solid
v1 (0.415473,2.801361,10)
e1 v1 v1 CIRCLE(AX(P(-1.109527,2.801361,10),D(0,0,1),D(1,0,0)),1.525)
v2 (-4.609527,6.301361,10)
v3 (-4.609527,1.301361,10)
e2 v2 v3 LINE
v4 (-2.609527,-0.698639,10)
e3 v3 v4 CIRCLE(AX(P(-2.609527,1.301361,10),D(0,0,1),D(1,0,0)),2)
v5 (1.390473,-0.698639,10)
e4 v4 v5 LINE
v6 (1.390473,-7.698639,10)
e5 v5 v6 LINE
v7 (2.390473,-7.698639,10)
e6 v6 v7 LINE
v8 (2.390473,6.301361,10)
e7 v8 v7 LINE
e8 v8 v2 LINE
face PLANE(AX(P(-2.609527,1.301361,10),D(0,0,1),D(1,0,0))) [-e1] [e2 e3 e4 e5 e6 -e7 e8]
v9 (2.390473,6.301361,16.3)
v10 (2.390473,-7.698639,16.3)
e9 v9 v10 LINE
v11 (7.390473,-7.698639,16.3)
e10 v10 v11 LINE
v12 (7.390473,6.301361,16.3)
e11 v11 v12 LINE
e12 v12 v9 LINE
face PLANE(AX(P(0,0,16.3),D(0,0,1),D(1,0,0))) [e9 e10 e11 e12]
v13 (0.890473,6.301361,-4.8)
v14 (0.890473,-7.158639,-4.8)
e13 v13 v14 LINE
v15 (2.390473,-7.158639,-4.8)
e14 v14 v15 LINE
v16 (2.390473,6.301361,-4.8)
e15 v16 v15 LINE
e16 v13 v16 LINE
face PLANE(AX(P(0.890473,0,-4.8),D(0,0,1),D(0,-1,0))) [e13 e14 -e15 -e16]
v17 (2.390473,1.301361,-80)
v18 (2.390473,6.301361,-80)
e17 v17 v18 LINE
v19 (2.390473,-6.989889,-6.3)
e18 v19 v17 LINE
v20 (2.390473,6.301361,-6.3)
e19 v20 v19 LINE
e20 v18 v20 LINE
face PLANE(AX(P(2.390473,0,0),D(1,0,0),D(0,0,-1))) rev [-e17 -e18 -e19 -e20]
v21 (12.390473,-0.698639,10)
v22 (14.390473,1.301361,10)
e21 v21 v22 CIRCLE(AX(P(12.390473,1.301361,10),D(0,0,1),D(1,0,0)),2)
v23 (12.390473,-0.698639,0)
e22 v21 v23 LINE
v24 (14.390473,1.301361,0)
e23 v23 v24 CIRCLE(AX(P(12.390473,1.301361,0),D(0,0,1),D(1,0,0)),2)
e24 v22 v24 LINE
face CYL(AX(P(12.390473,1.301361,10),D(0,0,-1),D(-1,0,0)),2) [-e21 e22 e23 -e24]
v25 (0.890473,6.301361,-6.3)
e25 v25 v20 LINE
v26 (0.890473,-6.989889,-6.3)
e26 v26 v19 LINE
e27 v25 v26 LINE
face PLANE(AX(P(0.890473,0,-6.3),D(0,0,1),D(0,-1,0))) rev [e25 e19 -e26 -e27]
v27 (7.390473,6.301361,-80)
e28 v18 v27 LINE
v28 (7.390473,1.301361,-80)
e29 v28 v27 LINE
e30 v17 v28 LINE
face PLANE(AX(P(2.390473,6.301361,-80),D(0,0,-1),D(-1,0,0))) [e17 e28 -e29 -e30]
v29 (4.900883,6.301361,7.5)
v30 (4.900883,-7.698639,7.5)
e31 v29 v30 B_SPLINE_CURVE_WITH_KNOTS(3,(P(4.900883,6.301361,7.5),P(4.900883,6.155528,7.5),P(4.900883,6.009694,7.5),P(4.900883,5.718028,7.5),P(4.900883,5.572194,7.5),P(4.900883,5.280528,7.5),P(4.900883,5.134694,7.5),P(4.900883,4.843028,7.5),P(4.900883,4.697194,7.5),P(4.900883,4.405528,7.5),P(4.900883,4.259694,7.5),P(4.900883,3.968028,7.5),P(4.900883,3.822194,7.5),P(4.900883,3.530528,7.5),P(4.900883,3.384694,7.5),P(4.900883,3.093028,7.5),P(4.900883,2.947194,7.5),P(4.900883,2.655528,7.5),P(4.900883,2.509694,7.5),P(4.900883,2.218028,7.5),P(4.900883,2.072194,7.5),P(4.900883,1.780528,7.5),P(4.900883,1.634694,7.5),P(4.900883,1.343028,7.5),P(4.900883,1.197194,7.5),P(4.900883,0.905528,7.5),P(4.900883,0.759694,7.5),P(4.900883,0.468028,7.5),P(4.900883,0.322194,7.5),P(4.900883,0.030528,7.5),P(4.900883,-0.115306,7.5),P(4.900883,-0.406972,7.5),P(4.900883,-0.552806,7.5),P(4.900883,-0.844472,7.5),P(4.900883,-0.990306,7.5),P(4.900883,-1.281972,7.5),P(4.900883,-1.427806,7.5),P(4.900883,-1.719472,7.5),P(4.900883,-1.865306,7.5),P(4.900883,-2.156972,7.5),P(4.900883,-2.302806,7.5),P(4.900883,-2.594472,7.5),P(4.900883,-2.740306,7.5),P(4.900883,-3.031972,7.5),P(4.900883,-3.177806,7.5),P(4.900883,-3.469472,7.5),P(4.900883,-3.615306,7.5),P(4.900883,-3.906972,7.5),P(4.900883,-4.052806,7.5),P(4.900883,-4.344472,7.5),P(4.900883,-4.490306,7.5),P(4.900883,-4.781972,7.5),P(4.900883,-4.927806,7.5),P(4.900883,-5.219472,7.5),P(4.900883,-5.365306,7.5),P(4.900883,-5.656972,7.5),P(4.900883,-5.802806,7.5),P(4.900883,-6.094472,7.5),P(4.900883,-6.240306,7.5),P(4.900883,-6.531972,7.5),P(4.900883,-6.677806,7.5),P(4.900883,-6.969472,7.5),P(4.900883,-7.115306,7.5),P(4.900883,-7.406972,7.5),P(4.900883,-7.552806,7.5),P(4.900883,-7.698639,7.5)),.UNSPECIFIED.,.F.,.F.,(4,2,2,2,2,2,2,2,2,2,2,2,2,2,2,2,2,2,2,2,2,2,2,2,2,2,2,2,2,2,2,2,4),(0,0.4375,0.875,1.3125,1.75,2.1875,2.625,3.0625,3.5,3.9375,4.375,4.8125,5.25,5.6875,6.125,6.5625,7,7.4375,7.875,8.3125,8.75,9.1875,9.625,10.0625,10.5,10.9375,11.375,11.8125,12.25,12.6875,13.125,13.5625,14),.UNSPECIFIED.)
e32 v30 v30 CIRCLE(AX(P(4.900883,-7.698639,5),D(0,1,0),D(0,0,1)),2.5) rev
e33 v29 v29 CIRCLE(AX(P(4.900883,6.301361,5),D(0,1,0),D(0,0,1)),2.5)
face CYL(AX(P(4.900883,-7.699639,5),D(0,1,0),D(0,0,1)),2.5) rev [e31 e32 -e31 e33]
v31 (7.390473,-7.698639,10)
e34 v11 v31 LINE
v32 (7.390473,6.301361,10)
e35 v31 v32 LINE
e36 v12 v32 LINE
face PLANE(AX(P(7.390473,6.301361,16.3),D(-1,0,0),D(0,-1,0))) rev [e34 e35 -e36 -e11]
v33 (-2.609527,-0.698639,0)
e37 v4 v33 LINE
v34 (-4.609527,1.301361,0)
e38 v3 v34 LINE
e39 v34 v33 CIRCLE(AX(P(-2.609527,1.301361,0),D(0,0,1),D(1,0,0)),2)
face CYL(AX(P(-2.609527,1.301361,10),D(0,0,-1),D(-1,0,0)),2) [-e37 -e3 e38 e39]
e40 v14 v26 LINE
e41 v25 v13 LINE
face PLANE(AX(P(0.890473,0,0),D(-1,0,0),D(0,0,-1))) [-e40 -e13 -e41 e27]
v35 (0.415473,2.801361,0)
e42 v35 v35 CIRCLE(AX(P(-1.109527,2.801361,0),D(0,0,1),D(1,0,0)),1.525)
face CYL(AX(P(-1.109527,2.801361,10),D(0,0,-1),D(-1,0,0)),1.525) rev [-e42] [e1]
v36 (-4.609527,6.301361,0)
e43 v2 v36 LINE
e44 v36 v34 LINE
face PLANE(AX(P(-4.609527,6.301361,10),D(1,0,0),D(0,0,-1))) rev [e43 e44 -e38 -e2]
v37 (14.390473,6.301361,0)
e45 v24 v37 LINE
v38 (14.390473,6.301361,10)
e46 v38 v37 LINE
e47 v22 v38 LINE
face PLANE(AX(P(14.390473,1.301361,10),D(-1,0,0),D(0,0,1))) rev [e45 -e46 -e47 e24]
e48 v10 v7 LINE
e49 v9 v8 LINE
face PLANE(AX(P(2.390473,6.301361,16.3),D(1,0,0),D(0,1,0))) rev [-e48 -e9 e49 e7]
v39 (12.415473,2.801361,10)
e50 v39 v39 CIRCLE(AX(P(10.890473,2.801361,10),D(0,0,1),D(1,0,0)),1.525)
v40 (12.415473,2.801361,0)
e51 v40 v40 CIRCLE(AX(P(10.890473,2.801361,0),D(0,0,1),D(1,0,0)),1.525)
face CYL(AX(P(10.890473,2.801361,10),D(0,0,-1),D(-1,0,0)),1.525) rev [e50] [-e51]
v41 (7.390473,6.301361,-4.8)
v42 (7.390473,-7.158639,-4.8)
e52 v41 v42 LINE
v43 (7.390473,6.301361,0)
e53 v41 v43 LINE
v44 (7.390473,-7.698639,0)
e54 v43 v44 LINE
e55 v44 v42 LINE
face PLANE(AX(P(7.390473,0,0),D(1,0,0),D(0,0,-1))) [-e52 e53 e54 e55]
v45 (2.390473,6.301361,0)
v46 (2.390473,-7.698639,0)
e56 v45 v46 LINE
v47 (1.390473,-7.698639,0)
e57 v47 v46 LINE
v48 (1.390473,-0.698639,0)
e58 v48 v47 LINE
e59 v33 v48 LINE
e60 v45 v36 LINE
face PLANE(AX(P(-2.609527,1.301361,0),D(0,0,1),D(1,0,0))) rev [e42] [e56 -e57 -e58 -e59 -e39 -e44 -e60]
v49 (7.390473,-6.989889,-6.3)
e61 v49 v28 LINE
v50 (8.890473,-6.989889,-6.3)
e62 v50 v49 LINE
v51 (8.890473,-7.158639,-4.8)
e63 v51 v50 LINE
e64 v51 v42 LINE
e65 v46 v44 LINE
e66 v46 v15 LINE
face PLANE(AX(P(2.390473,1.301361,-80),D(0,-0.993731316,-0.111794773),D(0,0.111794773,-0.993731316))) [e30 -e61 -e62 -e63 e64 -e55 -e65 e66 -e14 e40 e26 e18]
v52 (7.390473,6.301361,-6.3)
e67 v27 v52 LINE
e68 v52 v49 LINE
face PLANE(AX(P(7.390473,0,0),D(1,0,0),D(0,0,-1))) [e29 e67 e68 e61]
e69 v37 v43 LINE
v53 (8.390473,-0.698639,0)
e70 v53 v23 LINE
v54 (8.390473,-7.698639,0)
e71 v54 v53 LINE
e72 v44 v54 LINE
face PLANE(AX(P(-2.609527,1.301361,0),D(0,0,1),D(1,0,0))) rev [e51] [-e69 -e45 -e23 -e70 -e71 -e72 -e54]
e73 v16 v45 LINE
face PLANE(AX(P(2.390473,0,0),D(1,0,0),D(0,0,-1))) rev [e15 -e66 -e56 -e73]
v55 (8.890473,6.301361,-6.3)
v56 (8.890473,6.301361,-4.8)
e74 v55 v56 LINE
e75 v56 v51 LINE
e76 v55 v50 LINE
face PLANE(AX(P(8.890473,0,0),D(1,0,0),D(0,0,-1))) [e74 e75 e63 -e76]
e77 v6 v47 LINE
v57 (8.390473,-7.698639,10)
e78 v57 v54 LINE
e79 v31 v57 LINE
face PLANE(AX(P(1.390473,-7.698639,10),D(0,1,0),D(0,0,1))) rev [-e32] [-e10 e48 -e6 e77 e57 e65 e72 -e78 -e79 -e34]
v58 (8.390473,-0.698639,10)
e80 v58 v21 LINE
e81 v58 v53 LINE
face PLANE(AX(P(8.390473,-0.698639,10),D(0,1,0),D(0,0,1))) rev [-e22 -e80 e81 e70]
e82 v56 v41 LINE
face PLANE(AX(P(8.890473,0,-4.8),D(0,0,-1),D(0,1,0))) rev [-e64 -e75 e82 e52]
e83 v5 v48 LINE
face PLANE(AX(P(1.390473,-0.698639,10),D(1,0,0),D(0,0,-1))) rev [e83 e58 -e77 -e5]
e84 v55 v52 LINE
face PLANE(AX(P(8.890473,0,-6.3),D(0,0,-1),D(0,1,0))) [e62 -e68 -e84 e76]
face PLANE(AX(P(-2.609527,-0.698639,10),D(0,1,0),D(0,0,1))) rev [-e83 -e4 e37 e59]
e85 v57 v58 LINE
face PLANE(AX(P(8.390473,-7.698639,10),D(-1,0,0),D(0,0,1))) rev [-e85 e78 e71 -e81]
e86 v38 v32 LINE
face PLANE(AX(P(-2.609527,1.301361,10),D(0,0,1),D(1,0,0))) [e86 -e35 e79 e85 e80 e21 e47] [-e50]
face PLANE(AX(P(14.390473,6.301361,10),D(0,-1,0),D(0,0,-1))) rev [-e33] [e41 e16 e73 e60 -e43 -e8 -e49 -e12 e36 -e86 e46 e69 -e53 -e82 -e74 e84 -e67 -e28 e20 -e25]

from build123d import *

# Parameters (mm, degrees)
SKETCH_1_R           = 1.525
EXTRUDE_1_DEPTH      = 10
EXTRUDE_2_DEPTH      = 2.5
EXTRUDE_2_DEPTH_BACK = 2.5
SKETCH_4_W           = 5
SKETCH_4_H           = 14
EXTRUDE_3_DEPTH      = 6.3
CUT_EXTRUDE_1_REACH  = 84.481
SKETCH_5_R           = 2.5
EXTRUDE_5_DEPTH      = 1.5


with BuildPart() as part:
    # 草图1 → 凸台-拉伸1 (new body)
    with BuildSketch(Plane.XY):
        with BuildLine():
            Line((-4.609526623, 6.301360946), (-4.609526623, 1.301360946))
            ThreePointArc((-4.609526623, 1.301360946), (-4.023740186, -0.112852616), (-2.609526623, -0.698639054))
            Line((-2.609526623, -0.698639054), (1.390473377, -0.698639054))
            Line((1.390473377, -0.698639054), (1.390473377, -7.698639054))
            Line((1.390473377, -7.698639054), (8.390473377, -7.698639054))
            Line((8.390473377, -7.698639054), (8.390473377, -0.698639054))
            Line((8.390473377, -0.698639054), (12.390473377, -0.698639054))
            ThreePointArc((12.390473377, -0.698639054), (13.804686939, -0.112852616), (14.390473377, 1.301360946))
            Line((14.390473377, 1.301360946), (14.390473377, 6.301360946))
            Line((14.390473377, 6.301360946), (-4.609526623, 6.301360946))
        make_face()
        with Locations((10.890473377, 2.801360946)):
            Circle(SKETCH_1_R, mode=Mode.SUBTRACT)
        with Locations((-1.109526623, 2.801360946)):
            Circle(SKETCH_1_R, mode=Mode.SUBTRACT)
    extrude(amount=EXTRUDE_1_DEPTH)

    # 草图3 → 凸台-拉伸2 (add, two sides: drawn at the far end of the back side and taken through both)
    with BuildSketch(Plane(origin=(4.890473377, 0, 0), x_dir=(0, 0, -1), z_dir=(1, 0, 0)).offset(-EXTRUDE_2_DEPTH_BACK)):
        Polygon((0, 6.301360946), (80, 6.301360946), (80, 1.301360946), (0, -7.698639054), align=None)
    extrude(amount=EXTRUDE_2_DEPTH + EXTRUDE_2_DEPTH_BACK)

    # 草图4 → 凸台-拉伸3 (add)
    with BuildSketch(Plane.XY.offset(10)):
        with Locations((4.890473377, -0.698639054)):
            Rectangle(SKETCH_4_W, SKETCH_4_H)
    extrude(amount=EXTRUDE_3_DEPTH)

    # 草图5 → 切除-拉伸1 (cut, up to next)
    with BuildSketch(Plane(origin=(0, 6.301360946, 0), x_dir=(1, 0, 0), z_dir=(0, 1, 0)), mode=Mode.PRIVATE) as cut_extrude_1_sk1:
        with Locations(Location((4.900882763, -5, 0), (0, 0, 270))):
            Circle(SKETCH_5_R)
    cut_extrude_1_tool1 = extrude(cut_extrude_1_sk1.sketch, amount=-CUT_EXTRUDE_1_REACH, mode=Mode.PRIVATE) & part.part
    add(cut_extrude_1_tool1.solids().sort_by_distance((4.900883, 6.301361, 5))[0], mode=Mode.SUBTRACT)

    # 草图6 → 凸台-拉伸5 (add)
    with BuildSketch(Plane(origin=(7.390473377, 0, 0), x_dir=(0, 0, -1), z_dir=(1, 0, 0))):
        Polygon((6.3, 6.301360946), (4.8, 6.301360946), (4.8, -7.158639054), (6.3, -6.989889054), align=None)
    extrude_5 = extrude(amount=EXTRUDE_5_DEPTH)

    # 镜向1: 凸台-拉伸5 across plane
    add(extrude_5.mirror(Plane(origin=(4.890473377, 0, 0), x_dir=(0, 0, 1), z_dir=(1, 0, 0))))


solid = part.part
